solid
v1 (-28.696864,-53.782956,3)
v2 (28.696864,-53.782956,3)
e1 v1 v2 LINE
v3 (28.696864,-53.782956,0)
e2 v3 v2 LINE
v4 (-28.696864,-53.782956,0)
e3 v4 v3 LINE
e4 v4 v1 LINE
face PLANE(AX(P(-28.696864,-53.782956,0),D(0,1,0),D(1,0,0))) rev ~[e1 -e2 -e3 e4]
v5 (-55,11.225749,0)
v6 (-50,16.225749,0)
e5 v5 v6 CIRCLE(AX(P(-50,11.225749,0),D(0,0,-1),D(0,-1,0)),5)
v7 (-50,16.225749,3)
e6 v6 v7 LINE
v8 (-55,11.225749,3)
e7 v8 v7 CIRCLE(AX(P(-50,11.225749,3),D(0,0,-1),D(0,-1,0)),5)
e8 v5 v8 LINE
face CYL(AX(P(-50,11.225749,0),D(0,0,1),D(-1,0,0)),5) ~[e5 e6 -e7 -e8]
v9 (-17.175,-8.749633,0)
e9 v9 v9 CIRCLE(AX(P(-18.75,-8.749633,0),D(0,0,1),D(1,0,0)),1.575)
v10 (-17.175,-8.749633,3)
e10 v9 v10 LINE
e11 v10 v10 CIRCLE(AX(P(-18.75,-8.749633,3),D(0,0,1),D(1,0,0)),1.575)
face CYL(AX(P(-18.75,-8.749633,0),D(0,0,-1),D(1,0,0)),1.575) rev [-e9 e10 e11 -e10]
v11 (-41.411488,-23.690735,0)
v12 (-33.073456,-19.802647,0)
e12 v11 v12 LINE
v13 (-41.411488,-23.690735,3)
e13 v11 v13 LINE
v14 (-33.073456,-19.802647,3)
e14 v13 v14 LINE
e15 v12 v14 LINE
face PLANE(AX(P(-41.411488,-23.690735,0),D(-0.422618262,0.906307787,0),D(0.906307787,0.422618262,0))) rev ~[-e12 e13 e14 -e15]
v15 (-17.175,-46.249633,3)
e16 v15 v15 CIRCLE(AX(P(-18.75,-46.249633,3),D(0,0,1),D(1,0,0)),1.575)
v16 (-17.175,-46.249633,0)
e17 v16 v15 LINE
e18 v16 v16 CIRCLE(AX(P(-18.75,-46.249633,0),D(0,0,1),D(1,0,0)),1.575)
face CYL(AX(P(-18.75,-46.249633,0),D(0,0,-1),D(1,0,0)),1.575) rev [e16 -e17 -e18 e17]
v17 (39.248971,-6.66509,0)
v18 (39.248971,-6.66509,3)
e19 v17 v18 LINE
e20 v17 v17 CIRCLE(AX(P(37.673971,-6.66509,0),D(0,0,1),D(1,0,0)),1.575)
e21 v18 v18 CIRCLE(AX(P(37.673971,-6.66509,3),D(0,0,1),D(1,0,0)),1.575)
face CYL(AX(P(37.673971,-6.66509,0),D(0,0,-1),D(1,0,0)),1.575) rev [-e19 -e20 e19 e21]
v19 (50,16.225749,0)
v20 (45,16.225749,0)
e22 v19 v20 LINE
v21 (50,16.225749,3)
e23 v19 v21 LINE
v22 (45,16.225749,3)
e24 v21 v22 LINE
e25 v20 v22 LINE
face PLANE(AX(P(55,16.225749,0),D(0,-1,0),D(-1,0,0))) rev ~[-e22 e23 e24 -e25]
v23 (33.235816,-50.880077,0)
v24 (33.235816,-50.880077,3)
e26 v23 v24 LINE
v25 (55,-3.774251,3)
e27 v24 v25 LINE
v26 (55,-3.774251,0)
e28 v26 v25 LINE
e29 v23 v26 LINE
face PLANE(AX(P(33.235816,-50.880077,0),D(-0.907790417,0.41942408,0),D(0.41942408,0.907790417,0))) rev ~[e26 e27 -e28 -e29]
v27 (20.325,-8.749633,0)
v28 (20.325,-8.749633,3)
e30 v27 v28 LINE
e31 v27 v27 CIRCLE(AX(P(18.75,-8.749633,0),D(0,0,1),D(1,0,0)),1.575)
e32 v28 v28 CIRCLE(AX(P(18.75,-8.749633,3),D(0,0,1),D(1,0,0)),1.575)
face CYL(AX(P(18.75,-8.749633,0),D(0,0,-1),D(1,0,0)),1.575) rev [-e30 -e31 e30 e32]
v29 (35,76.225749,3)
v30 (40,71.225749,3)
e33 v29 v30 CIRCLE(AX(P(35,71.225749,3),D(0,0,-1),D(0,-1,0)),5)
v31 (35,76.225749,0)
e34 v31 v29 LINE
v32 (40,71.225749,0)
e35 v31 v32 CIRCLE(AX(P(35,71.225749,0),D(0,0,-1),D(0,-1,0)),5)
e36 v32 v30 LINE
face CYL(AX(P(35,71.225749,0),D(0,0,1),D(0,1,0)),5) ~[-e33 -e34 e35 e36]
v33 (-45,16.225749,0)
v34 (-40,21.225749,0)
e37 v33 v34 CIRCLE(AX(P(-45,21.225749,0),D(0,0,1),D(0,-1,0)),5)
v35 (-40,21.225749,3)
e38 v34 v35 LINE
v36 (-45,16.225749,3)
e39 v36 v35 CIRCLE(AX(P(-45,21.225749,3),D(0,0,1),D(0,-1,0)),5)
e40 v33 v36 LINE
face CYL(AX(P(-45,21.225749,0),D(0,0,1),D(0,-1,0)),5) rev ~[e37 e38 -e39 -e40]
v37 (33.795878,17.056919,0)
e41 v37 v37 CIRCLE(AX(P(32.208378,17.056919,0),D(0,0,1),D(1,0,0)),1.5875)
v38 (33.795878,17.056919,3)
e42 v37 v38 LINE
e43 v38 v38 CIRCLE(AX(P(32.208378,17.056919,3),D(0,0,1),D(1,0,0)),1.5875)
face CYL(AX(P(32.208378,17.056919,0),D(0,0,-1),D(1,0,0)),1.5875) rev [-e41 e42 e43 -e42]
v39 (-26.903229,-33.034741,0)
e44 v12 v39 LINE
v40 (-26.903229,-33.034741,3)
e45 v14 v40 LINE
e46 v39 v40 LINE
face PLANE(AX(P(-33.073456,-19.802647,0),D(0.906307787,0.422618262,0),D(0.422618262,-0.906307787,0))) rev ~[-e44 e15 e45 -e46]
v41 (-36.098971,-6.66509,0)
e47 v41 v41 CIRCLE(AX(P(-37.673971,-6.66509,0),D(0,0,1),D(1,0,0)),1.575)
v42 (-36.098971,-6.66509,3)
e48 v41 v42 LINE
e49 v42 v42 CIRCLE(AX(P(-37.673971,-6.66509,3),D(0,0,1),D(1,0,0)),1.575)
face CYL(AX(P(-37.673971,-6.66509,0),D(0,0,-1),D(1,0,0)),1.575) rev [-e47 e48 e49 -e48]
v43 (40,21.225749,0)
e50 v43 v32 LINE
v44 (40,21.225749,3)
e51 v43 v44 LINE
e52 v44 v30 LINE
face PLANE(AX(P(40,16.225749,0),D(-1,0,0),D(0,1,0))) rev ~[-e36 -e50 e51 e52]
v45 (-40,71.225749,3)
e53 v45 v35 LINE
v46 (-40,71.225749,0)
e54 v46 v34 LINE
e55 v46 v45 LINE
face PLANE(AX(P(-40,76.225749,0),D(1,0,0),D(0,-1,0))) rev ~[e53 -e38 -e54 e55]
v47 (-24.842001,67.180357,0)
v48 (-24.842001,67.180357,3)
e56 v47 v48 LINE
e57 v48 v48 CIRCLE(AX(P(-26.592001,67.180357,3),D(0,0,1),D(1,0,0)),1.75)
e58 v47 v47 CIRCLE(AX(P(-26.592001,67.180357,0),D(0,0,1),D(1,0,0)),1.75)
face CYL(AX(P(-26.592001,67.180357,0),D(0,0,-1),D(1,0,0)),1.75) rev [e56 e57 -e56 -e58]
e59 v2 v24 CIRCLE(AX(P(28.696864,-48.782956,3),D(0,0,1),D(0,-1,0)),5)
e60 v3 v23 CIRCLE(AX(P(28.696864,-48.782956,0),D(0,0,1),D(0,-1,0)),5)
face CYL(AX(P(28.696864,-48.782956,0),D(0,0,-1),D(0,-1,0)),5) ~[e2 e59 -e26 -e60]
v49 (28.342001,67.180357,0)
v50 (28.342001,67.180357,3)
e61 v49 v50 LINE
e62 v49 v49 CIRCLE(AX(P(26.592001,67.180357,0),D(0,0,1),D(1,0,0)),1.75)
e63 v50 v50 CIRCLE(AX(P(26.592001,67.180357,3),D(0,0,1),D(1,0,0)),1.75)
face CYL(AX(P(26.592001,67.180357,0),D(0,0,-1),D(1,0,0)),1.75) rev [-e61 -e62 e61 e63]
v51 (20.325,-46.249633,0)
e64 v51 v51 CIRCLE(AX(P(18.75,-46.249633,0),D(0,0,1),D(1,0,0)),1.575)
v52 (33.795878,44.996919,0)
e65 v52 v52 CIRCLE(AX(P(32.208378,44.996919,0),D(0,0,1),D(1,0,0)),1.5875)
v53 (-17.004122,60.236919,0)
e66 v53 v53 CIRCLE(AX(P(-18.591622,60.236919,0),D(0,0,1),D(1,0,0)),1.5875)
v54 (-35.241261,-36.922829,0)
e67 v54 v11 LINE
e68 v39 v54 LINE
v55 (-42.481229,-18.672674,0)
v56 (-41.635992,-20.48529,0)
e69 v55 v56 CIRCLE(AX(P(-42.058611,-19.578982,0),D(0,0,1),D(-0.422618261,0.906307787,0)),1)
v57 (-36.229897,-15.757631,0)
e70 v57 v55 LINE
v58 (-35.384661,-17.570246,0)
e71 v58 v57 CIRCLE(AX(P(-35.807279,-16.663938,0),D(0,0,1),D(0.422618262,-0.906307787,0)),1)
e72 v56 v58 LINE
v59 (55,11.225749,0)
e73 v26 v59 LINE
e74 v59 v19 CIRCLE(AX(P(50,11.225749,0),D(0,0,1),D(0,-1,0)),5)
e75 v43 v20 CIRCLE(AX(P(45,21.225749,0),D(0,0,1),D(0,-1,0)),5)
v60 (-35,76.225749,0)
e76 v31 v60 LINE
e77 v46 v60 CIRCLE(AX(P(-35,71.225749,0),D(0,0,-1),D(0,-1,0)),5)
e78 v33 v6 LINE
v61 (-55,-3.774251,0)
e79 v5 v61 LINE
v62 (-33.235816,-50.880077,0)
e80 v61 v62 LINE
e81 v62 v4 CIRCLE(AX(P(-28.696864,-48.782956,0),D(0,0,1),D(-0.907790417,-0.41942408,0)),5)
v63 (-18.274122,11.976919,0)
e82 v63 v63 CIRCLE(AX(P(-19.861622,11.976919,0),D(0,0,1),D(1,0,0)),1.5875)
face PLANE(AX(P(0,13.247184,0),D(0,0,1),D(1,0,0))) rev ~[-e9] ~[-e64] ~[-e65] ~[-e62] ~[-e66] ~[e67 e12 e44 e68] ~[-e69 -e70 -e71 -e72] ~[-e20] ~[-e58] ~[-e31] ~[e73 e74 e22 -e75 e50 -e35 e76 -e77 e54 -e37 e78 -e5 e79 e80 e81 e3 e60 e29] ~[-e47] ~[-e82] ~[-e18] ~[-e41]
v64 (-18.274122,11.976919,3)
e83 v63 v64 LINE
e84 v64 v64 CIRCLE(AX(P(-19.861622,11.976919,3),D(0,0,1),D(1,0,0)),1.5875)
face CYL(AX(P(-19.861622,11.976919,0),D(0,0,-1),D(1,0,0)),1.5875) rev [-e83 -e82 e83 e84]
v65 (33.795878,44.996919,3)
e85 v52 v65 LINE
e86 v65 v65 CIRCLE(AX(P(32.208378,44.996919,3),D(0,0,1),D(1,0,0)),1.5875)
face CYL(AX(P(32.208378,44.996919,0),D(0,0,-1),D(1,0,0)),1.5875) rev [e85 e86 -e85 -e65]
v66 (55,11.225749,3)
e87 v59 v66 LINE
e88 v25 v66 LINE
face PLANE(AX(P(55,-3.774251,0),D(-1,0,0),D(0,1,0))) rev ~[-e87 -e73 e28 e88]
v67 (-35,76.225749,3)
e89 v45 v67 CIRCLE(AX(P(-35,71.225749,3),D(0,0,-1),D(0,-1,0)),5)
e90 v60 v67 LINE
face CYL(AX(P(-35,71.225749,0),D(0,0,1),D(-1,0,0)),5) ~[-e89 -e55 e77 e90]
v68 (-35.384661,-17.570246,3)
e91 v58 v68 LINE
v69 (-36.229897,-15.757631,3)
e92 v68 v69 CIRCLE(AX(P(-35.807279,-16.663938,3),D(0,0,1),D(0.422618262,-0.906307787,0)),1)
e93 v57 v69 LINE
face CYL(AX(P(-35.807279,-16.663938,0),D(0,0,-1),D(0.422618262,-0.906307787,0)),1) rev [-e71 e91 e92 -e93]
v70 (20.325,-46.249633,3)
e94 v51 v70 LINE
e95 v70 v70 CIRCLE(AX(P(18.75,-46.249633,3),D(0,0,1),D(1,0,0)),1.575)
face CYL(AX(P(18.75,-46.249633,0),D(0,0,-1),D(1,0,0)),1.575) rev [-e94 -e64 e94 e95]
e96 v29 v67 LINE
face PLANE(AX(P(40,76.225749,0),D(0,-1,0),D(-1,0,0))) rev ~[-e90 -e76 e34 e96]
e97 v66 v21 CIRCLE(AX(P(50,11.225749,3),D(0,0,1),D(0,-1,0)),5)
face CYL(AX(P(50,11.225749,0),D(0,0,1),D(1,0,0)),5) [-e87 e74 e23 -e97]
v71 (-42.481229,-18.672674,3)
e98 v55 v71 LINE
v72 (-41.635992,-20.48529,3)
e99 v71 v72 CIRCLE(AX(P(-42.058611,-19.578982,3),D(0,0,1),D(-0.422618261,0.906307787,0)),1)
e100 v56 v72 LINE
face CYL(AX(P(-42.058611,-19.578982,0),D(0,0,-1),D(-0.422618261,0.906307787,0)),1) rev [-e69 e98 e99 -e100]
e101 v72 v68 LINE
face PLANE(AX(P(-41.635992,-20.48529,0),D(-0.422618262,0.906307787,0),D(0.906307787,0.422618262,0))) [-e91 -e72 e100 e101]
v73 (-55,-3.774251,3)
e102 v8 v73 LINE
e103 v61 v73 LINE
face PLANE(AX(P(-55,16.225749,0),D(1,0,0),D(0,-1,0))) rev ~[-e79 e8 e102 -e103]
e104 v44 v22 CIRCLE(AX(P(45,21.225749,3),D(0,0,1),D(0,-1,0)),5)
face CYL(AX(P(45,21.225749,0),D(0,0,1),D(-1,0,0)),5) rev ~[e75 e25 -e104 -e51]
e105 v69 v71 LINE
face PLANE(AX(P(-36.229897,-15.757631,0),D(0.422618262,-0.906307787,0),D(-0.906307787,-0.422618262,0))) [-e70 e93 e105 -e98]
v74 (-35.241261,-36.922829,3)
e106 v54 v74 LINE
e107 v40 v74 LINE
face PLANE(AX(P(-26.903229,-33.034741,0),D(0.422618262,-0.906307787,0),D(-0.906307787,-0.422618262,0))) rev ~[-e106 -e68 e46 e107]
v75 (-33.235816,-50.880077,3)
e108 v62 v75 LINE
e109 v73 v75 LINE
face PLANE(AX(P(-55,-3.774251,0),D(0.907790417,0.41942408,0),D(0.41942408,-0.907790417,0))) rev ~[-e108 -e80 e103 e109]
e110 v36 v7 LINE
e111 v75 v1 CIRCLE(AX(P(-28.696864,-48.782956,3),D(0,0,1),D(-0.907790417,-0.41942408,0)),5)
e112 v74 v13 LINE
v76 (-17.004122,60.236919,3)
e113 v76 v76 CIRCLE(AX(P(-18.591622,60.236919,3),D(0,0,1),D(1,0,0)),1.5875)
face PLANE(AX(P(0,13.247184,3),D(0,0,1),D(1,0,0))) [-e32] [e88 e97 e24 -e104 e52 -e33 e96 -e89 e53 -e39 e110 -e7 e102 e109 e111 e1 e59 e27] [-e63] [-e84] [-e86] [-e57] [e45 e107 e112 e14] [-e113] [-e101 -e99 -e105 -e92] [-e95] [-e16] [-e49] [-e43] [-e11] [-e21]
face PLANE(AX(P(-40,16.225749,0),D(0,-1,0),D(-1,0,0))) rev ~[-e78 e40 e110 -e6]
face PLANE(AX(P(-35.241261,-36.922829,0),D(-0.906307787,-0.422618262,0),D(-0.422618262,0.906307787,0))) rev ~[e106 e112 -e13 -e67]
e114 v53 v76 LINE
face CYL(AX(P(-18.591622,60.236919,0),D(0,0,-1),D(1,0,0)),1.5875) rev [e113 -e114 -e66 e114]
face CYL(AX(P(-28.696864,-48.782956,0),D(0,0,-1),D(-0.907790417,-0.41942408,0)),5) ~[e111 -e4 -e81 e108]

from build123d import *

# Parameters (mm, degrees)
SKETCH1_R           = 1.575
SKETCH1_R_2         = 1.5875
SKETCH1_R_3         = 1.75
BOSS_EXTRUDE1_DEPTH = 3
FILLET1_R           = 5


with BuildPart() as part:
    # Sketch1 → Boss-Extrude1 (new body)
    with BuildSketch(Plane.XY):
        with BuildLine():
            Line((-55, -3.774250665), (-33.235815946, -50.880076598))
            ThreePointArc((-33.235815946, -50.880076598), (-31.390782754, -52.995176633), (-28.696863862, -53.782956197))
            Line((-28.696863862, -53.782956197), (28.696863862, -53.782956197))
            ThreePointArc((28.696863862, -53.782956197), (31.390782754, -52.995176633), (33.235815946, -50.880076598))
            Line((33.235815946, -50.880076598), (55, -3.774250665))
            Line((55, -3.774250665), (55, 16.225749335))
            Line((55, 16.225749335), (40, 16.225749335))
            Line((40, 16.225749335), (40, 76.225749335))
            Line((40, 76.225749335), (-40, 76.225749335))
            Line((-40, 76.225749335), (-40, 16.225749335))
            Line((-40, 16.225749335), (-55, 16.225749335))
            Line((-55, 16.225749335), (-55, -3.774250665))
        make_face()
        with Locations((-37.673971089, -6.665090314)):
            Circle(SKETCH1_R, mode=Mode.SUBTRACT)
        with Locations((37.673971089, -6.665090314)):
            Circle(SKETCH1_R, mode=Mode.SUBTRACT)
        with Locations((32.208377558, 17.056918669)):
            Circle(SKETCH1_R_2, mode=Mode.SUBTRACT)
        with Locations((32.208377558, 44.996918669)):
            Circle(SKETCH1_R_2, mode=Mode.SUBTRACT)
        with Locations((-19.861622442, 11.976918669)):
            Circle(SKETCH1_R_2, mode=Mode.SUBTRACT)
        with Locations((-18.591622442, 60.236918669)):
            Circle(SKETCH1_R_2, mode=Mode.SUBTRACT)
        with Locations((-26.592001418, 67.180357374)):
            Circle(SKETCH1_R_3, mode=Mode.SUBTRACT)
        with Locations((26.592001418, 67.180357374)):
            Circle(SKETCH1_R_3, mode=Mode.SUBTRACT)
        with Locations((-18.75, -8.749633405)):
            Circle(SKETCH1_R, mode=Mode.SUBTRACT)
        with Locations((18.75, -8.749633405)):
            Circle(SKETCH1_R, mode=Mode.SUBTRACT)
        with Locations((-18.75, -46.249633405)):
            Circle(SKETCH1_R, mode=Mode.SUBTRACT)
        with Locations((18.75, -46.249633405)):
            Circle(SKETCH1_R, mode=Mode.SUBTRACT)
        Polygon((-41.411487692, -23.690735407), (-33.073456052, -19.802647399), (-26.90322943, -33.03474109), (-35.241261071, -36.922829098), align=None, mode=Mode.SUBTRACT)
        with BuildLine():
            Line((-41.63599241, -20.485289919), (-35.384660905, -17.570246165))
            ThreePointArc((-35.384660905, -17.570246165), (-34.90097138, -16.241320116), (-36.229897428, -15.757630591))
            Line((-36.229897428, -15.757630591), (-42.481228933, -18.672674345))
            ThreePointArc((-42.481228933, -18.672674345), (-42.964918459, -20.001600394), (-41.63599241, -20.485289919))
        make_face(mode=Mode.SUBTRACT)
    extrude(amount=BOSS_EXTRUDE1_DEPTH)

    # Fillet1
    fillet1_edges = [part.edges().sort_by_distance(p)[0] for p in [
        (-55, 16.225749335, 1.5),
        (-40, 16.225749335, 1.5),
        (-40, 76.225749335, 1.5),
        (40, 76.225749335, 1.5),
        (40, 16.225749335, 1.5),
        (55, 16.225749335, 1.5),
    ]]
    fillet(fillet1_edges, radius=FILLET1_R)


solid = part.part
